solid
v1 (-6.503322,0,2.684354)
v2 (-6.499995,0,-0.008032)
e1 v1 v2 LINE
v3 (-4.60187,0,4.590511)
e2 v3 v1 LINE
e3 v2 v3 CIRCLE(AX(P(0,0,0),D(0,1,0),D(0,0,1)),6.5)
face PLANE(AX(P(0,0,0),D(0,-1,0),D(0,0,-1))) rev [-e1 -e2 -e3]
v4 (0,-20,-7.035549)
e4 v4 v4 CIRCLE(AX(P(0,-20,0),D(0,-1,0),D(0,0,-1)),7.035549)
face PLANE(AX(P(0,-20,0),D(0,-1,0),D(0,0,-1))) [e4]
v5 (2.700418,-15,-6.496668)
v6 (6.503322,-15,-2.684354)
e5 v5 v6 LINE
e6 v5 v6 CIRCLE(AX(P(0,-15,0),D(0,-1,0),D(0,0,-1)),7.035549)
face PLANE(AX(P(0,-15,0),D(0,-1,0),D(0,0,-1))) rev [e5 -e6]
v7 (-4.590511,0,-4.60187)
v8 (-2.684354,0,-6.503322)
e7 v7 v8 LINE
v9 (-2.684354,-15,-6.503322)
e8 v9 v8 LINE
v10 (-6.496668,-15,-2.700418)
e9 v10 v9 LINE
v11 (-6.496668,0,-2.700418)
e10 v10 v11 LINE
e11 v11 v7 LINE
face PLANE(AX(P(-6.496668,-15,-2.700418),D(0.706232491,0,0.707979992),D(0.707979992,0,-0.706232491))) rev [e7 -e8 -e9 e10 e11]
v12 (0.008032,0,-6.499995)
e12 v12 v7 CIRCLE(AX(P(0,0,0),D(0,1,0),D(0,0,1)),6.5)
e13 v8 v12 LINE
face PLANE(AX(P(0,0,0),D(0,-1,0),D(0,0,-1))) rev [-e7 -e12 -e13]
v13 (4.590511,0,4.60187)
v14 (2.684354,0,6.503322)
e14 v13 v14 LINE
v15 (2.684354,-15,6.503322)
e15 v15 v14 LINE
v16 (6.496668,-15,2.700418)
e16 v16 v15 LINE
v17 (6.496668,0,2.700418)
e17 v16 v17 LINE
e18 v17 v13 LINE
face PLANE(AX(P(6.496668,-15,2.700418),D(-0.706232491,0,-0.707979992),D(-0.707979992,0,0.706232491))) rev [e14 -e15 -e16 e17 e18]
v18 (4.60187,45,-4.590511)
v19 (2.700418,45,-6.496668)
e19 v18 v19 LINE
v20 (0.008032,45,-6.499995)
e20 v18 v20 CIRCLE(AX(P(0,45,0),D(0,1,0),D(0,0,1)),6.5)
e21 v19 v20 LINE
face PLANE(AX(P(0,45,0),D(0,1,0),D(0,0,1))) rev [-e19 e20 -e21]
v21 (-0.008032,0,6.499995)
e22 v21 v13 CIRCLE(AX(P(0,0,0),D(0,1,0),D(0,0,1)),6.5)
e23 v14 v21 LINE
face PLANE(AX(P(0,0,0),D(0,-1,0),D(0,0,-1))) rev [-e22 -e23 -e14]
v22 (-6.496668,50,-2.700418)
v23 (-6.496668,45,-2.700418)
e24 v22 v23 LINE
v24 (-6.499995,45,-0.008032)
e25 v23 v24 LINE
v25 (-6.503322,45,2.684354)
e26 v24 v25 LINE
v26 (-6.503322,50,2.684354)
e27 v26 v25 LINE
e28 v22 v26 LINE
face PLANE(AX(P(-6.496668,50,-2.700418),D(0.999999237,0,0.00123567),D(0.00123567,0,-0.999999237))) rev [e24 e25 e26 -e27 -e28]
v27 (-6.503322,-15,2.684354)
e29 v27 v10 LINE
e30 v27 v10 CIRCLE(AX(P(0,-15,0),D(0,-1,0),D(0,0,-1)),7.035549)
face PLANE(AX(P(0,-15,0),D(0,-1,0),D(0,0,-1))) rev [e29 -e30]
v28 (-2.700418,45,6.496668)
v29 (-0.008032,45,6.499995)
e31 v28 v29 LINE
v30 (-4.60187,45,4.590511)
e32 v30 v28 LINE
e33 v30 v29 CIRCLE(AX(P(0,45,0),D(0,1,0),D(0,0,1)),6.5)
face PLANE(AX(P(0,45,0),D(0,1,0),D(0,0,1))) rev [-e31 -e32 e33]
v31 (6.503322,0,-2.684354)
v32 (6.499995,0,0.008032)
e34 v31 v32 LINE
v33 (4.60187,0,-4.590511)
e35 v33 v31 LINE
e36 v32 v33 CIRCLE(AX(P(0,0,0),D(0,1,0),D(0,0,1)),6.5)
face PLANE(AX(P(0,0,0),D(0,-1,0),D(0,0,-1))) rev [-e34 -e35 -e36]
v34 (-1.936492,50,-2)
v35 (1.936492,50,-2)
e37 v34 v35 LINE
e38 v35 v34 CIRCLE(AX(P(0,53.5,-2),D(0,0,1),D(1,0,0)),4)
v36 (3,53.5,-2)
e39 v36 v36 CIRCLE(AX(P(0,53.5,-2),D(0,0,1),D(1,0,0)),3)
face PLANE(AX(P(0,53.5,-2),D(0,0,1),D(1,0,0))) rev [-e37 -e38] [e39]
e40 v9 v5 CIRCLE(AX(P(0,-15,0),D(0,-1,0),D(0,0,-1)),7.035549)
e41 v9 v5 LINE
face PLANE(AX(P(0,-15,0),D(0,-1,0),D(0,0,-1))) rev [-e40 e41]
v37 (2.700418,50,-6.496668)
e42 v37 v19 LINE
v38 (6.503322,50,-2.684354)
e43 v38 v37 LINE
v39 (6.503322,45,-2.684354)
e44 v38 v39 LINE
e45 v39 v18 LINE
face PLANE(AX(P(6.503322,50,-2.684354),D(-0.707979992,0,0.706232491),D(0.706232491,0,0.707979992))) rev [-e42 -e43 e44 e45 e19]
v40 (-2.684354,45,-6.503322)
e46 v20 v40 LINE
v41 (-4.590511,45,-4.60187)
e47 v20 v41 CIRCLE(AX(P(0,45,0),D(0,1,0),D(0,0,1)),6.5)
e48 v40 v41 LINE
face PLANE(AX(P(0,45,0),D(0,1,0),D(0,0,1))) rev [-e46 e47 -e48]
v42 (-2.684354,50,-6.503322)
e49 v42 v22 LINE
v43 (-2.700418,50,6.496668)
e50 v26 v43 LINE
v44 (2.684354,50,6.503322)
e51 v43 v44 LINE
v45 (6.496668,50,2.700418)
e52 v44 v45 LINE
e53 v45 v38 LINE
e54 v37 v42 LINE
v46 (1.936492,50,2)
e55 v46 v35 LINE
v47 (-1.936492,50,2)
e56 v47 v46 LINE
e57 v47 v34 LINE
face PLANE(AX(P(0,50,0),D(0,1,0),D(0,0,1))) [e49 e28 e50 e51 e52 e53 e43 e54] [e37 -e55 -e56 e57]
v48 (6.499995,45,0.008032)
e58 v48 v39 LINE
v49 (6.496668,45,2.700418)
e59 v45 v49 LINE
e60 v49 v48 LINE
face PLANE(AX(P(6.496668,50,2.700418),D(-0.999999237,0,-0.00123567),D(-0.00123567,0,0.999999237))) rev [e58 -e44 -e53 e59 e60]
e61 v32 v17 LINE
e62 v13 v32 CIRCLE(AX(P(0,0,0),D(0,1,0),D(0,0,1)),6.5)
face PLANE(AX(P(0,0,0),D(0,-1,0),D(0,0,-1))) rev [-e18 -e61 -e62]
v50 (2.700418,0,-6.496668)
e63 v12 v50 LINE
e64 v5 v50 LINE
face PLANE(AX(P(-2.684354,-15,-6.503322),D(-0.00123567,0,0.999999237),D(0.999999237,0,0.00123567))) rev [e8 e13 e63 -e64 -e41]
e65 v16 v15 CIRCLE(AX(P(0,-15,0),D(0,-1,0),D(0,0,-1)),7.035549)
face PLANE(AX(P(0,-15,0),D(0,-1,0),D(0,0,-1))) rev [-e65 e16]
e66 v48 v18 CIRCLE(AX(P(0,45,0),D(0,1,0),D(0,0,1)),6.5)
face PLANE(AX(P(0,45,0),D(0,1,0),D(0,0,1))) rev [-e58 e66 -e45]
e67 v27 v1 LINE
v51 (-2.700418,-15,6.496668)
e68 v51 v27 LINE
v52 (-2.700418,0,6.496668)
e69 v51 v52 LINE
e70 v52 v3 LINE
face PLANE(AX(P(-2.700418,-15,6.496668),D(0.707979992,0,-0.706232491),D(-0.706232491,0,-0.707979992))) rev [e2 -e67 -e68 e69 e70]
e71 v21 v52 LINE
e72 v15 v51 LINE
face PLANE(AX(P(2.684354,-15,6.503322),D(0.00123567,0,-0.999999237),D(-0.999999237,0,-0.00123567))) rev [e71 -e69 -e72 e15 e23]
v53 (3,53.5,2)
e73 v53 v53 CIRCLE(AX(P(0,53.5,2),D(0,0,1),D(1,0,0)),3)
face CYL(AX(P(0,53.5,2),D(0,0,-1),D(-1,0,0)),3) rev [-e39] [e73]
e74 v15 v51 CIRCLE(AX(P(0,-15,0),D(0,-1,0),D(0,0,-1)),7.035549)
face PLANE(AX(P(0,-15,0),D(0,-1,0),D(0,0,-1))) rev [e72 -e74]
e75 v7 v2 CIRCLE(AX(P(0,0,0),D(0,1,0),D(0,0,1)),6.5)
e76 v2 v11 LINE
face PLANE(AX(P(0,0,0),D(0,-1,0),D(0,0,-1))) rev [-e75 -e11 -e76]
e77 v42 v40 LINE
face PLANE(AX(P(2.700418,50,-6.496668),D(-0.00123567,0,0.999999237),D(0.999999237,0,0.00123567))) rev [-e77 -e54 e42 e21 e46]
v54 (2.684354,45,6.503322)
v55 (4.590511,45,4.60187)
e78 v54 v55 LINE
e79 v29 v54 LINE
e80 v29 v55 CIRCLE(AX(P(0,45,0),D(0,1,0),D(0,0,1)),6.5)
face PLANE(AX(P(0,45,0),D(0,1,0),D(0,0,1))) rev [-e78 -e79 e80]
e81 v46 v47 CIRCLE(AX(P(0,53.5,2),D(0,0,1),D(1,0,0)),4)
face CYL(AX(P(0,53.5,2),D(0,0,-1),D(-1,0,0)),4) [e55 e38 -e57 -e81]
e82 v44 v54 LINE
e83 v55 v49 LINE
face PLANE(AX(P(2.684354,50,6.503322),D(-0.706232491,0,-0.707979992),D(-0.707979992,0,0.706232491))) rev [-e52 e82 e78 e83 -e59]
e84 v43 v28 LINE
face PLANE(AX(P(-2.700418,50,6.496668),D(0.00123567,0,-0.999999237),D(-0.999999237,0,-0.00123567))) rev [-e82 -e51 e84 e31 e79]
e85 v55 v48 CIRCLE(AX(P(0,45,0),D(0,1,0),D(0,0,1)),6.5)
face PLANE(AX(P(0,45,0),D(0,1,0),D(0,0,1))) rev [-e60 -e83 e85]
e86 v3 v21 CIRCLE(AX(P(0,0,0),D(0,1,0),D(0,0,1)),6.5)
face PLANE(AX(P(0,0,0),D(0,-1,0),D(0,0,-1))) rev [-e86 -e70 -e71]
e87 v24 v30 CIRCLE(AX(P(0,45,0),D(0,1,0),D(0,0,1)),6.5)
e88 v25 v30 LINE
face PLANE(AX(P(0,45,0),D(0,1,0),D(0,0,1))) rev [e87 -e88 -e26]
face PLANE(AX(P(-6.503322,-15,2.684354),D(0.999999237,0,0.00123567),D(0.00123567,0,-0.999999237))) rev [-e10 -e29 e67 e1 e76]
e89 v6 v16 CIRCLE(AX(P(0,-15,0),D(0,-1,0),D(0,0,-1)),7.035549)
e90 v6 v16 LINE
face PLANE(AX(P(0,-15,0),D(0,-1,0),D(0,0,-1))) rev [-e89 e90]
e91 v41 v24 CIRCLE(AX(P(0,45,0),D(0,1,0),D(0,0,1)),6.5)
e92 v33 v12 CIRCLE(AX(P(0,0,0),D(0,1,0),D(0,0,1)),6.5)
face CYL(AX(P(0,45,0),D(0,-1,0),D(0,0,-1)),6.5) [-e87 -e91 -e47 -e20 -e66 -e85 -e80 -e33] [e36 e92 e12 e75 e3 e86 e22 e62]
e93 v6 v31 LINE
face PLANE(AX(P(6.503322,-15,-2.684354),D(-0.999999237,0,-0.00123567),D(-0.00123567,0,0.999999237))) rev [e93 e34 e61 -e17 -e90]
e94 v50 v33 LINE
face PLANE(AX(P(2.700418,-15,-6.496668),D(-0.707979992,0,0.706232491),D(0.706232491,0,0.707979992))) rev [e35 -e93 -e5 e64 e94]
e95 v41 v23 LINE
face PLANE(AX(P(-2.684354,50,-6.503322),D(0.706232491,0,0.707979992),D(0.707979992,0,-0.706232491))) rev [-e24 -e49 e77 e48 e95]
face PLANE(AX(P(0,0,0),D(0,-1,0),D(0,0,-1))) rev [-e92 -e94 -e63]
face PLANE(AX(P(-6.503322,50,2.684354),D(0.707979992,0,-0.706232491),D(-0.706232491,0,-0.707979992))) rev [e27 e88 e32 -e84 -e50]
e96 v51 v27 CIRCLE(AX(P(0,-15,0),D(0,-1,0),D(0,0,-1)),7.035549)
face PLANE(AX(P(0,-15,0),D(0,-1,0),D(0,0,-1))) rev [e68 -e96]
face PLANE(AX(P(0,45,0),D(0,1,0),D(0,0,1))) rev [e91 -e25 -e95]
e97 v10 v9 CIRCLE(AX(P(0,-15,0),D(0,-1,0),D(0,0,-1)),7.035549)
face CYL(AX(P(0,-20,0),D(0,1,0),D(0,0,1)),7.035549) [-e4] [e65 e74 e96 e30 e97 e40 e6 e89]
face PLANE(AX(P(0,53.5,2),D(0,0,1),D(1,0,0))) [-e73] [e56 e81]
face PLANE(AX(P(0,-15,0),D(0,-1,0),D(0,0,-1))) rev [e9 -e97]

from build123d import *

# Parameters (mm, degrees)
SKETCH1_R           = 6.5
BOSS_EXTRUDE1_DEPTH = 45
BOSS_EXTRUDE2_DEPTH = 5
BOSS_EXTRUDE3_DEPTH = 15
SKETCH4_R           = 7.035549302
BOSS_EXTRUDE4_DEPTH = 5
SKETCH5_R           = 3
BOSS_EXTRUDE5_DEPTH = 2


with BuildPart() as part:
    # Sketch1 → Boss-Extrude1 (new body)
    with BuildSketch(Plane(origin=(0, 0, 0), x_dir=(1, 0, 0), z_dir=(0, 1, 0))):
        with Locations(Location((0, 0, 0), (0, 0, 90))):
            Circle(SKETCH1_R)
    extrude(amount=BOSS_EXTRUDE1_DEPTH)

    # Sketch2 → Boss-Extrude2 (add)
    with BuildSketch(Plane(origin=(0, 45, 0), x_dir=(1, 0, 0), z_dir=(0, 1, 0))):
        Polygon((-6.503321941, -2.684354246), (-2.700417954, -6.496668135), (2.684354246, -6.503321941), (6.496668135, -2.700417954), (6.503321941, 2.684354246), (2.700417954, 6.496668135), (-2.684354246, 6.503321941), (-6.496668135, 2.700417954), align=None)
    extrude(amount=BOSS_EXTRUDE2_DEPTH)

    # Sketch3 → Boss-Extrude3 (add)
    with BuildSketch(Plane.XZ):
        Polygon((-2.700417954, 6.496668135), (-6.503321941, 2.684354246), (-6.496668135, -2.700417954), (-2.684354246, -6.503321941), (2.700417954, -6.496668135), (6.503321941, -2.684354246), (6.496668135, 2.700417954), (2.684354246, 6.503321941), align=None)
    extrude(amount=BOSS_EXTRUDE3_DEPTH)

    # Sketch4 → Boss-Extrude4 (add)
    with BuildSketch(Plane.XZ.offset(15)):
        with Locations(Location((0, 0, 0), (0, 0, 67.570798689))):
            Circle(SKETCH4_R)
    extrude(amount=BOSS_EXTRUDE4_DEPTH)

    # Sketch5 → Boss-Extrude5 (add, symmetric)
    with BuildSketch(Plane.XY):
        with BuildLine():
            Line((1.936491673, 50), (-1.936491673, 50))
            ThreePointArc((-1.936491673, 50), (0, 57.5), (1.936491673, 50))
        make_face()
        with Locations((0, 53.5)):
            Circle(SKETCH5_R, mode=Mode.SUBTRACT)
    extrude(amount=BOSS_EXTRUDE5_DEPTH, both=True)


solid = part.part
